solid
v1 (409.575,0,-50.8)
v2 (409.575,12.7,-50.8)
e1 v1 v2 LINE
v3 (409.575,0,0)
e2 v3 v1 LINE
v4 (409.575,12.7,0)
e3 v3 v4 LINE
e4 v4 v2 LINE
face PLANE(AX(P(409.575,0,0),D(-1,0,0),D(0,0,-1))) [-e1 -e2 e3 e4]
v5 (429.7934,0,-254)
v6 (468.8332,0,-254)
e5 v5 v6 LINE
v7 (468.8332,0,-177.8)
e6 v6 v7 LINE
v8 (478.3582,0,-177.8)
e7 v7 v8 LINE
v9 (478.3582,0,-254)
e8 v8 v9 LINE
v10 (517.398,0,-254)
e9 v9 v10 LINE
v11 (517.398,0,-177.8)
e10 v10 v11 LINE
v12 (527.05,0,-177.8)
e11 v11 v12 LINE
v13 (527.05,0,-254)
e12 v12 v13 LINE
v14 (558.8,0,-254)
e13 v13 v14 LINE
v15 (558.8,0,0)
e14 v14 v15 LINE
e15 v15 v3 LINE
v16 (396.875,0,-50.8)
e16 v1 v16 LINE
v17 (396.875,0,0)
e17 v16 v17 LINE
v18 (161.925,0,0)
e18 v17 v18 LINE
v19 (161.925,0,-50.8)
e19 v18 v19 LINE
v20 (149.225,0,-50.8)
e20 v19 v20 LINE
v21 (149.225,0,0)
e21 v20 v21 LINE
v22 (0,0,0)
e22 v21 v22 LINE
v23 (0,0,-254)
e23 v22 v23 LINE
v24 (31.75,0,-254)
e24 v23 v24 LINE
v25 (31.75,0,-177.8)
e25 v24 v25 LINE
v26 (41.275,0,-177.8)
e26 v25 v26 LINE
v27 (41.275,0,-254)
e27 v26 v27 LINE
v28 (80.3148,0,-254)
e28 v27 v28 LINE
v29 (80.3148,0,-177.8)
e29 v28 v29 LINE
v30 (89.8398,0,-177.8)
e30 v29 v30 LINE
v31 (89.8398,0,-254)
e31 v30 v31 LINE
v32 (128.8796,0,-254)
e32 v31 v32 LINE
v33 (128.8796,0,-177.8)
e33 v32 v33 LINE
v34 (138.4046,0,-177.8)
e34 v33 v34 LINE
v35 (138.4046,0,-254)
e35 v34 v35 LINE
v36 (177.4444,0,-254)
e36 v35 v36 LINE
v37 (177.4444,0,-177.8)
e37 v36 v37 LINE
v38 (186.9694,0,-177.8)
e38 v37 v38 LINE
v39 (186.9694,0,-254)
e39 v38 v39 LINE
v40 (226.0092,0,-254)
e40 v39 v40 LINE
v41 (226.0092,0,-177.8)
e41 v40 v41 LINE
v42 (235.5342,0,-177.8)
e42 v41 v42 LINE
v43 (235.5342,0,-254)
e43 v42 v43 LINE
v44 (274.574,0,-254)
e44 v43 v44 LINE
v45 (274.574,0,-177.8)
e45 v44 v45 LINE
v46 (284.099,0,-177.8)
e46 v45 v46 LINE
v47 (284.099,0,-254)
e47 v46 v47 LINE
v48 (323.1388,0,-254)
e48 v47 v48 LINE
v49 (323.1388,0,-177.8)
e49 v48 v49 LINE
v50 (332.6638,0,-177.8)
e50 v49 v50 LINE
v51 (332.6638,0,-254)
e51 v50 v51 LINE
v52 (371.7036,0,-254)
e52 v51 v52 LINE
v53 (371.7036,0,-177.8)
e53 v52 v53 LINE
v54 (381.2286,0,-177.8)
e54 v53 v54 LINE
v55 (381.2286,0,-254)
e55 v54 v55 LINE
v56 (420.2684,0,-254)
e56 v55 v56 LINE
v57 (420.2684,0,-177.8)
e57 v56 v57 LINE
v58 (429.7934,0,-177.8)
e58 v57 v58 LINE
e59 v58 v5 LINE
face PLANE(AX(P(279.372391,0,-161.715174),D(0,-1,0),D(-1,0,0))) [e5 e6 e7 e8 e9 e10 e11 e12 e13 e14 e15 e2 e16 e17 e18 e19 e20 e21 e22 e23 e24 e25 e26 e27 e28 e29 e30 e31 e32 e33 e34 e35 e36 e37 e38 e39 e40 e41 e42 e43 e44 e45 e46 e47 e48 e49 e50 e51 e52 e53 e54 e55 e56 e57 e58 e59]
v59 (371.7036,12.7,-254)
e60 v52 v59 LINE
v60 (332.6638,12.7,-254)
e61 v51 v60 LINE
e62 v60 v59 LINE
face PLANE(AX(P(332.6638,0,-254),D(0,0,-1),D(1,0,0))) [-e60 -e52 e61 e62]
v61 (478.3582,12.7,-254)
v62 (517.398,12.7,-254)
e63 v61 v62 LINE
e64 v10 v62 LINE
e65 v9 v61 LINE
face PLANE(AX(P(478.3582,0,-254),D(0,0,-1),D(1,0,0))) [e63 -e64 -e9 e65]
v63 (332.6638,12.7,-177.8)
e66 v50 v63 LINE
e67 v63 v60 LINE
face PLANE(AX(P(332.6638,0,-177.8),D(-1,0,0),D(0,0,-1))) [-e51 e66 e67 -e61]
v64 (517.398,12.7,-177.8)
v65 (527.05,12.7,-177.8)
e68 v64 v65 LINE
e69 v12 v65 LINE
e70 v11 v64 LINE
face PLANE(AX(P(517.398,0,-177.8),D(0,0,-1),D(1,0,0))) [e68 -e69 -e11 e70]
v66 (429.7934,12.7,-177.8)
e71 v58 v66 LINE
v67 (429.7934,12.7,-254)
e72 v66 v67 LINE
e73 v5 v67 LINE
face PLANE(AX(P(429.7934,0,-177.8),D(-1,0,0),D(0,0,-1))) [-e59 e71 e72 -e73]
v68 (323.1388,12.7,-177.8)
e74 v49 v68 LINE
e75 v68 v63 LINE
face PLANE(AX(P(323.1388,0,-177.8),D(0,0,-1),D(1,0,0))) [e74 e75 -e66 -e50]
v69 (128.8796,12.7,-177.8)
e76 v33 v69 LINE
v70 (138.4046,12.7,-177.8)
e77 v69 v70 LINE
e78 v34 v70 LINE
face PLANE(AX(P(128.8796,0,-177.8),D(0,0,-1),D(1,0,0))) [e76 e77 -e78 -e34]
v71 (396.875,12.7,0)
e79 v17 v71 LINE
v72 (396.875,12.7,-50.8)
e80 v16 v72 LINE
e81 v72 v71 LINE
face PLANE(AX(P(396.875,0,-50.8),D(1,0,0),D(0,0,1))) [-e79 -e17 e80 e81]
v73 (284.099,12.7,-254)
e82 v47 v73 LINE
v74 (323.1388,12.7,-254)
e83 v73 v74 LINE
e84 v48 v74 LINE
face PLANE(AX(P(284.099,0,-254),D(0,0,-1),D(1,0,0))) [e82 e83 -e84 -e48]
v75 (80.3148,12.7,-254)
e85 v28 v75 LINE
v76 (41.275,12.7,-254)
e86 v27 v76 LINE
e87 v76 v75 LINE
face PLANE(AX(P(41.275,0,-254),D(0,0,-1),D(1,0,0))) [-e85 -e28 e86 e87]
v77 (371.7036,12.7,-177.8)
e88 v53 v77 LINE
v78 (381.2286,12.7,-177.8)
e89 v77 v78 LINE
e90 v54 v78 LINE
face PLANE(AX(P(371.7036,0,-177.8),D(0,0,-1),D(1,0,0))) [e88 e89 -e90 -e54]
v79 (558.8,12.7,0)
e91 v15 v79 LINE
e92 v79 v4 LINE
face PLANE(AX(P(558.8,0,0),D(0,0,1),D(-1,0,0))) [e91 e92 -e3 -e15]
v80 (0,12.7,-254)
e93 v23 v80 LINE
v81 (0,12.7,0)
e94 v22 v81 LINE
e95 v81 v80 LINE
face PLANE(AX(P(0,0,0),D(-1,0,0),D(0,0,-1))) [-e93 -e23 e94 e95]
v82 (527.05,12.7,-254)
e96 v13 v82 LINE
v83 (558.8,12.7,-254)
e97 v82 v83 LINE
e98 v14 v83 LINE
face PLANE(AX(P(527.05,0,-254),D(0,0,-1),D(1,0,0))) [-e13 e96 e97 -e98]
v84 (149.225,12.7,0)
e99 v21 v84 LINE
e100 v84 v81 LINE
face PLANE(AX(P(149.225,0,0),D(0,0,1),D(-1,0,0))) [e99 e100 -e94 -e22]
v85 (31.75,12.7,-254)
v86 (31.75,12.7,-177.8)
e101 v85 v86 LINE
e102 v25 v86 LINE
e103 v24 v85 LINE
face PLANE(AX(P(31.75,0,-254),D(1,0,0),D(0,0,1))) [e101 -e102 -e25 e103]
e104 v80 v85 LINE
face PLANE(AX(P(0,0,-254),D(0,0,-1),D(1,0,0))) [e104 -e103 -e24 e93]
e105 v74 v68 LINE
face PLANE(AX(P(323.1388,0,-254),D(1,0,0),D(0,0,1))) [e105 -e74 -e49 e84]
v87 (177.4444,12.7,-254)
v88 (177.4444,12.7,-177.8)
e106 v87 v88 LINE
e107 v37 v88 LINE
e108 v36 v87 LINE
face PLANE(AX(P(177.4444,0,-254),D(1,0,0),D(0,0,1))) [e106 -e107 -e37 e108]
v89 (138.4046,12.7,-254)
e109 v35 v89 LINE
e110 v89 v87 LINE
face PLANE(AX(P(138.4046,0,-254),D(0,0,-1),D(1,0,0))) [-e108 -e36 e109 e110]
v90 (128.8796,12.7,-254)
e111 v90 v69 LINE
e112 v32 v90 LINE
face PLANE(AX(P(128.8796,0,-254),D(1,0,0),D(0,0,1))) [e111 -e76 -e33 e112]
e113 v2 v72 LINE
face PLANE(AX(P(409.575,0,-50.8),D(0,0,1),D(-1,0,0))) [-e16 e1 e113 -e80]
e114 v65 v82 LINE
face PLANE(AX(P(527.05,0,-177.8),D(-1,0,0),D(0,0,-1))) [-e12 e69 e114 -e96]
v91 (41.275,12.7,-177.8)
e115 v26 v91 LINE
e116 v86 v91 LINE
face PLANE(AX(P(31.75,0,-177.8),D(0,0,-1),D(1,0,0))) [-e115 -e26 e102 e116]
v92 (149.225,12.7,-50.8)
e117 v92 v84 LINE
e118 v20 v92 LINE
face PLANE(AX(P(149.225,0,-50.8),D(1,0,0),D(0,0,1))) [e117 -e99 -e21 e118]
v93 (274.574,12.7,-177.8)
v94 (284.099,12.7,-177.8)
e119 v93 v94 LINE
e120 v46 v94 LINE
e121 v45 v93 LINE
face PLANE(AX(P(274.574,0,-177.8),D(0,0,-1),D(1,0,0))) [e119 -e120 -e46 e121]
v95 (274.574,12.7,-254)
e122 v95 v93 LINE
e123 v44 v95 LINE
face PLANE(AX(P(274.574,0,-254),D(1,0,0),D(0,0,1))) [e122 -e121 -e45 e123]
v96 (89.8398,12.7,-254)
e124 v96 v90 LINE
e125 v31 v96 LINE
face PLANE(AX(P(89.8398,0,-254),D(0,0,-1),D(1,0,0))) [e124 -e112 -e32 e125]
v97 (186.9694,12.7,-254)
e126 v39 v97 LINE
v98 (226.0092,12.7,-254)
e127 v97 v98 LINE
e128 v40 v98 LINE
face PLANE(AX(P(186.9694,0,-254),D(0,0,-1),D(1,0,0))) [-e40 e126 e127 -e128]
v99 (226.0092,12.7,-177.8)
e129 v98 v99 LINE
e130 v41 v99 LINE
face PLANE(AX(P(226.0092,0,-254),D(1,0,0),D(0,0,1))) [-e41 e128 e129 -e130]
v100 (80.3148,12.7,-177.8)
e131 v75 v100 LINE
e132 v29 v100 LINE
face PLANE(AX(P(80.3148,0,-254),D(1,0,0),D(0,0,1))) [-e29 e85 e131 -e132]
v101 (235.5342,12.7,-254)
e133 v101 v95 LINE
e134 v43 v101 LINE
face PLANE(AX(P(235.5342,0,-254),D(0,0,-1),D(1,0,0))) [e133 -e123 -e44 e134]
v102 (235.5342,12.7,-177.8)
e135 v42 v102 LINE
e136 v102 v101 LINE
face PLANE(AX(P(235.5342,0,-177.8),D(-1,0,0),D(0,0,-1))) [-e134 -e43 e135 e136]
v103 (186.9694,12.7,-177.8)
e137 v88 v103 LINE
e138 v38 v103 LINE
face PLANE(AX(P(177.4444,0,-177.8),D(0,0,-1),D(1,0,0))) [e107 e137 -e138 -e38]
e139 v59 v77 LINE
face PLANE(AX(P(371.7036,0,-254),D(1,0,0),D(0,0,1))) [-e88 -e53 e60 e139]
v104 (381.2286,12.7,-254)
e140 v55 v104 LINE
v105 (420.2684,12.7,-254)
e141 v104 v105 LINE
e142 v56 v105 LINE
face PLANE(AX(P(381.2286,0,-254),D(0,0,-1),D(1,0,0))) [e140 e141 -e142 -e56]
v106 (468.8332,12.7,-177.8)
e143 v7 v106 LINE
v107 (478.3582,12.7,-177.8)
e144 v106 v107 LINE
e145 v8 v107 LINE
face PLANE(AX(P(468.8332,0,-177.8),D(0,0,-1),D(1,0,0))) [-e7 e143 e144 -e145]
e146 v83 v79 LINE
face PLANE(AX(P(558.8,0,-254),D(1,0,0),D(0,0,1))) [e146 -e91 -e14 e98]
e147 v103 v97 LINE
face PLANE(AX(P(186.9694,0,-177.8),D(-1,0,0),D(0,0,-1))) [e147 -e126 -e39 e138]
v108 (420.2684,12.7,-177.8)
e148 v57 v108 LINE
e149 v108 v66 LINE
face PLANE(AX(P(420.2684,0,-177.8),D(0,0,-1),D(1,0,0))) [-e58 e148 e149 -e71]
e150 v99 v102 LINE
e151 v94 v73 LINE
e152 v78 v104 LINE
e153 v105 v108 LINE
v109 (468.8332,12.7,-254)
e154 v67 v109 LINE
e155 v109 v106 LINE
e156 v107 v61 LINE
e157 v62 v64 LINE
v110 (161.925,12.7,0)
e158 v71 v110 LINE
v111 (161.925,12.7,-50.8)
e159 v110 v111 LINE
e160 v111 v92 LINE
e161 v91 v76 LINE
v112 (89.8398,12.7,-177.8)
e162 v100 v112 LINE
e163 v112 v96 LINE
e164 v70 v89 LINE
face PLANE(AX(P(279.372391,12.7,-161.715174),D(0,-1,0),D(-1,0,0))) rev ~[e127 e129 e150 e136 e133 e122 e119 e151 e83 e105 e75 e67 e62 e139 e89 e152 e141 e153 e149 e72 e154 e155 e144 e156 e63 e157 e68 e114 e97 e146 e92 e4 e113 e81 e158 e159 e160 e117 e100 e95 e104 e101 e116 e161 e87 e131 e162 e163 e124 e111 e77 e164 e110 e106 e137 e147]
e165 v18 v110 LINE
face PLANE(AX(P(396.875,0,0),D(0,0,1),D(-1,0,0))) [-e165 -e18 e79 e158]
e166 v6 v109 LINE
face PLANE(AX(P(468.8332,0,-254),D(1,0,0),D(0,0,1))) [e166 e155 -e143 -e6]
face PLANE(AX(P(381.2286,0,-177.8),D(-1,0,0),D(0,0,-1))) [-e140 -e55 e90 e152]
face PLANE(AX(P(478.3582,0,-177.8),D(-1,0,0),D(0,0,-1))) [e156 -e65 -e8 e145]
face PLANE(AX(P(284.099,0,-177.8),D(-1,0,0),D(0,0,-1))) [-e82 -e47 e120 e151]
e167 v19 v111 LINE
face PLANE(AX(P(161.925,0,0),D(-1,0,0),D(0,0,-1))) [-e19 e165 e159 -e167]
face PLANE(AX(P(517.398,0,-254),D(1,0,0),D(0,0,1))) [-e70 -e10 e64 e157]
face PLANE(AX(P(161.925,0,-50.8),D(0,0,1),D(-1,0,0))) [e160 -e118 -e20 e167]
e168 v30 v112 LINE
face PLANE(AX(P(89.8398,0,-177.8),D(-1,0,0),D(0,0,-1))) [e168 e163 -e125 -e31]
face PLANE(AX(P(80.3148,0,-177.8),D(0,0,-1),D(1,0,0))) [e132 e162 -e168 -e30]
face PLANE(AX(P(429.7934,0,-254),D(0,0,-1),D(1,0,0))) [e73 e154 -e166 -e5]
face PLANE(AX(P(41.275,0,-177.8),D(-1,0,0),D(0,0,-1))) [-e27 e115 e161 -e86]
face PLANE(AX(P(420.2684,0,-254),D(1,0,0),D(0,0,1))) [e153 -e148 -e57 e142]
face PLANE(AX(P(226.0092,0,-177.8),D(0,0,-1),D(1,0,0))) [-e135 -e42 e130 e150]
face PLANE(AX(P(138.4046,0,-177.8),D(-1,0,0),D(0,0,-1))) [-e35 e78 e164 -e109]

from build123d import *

# Parameters (mm, degrees)
BOSS_EXTRUDE1_DEPTH = 12.7


with BuildPart() as part:
    # Sketch1 → Boss-Extrude1 (new body)
    with BuildSketch(Plane(origin=(0, 0, 0), x_dir=(1, 0, 0), z_dir=(0, 1, 0))):
        Polygon((0, 0), (0, 254), (31.75, 254), (31.75, 177.8), (41.275, 177.8), (41.275, 254), (80.3148, 254), (80.3148, 177.8), (89.8398, 177.8), (89.8398, 254), (128.8796, 254), (128.8796, 177.8), (138.4046, 177.8), (138.4046, 254), (177.4444, 254), (177.4444, 177.8), (186.9694, 177.8), (186.9694, 254), (226.0092, 254), (226.0092, 177.8), (235.5342, 177.8), (235.5342, 254), (274.574, 254), (274.574, 177.8), (284.099, 177.8), (284.099, 254), (323.1388, 254), (323.1388, 177.8), (332.6638, 177.8), (332.6638, 254), (371.7036, 254), (371.7036, 177.8), (381.2286, 177.8), (381.2286, 254), (420.2684, 254), (420.2684, 177.8), (429.7934, 177.8), (429.7934, 254), (468.8332, 254), (468.8332, 177.8), (478.3582, 177.8), (478.3582, 254), (517.398, 254), (517.398, 177.8), (527.05, 177.8), (527.05, 254), (558.8, 254), (558.8, 0), (409.575, 0), (409.575, 50.8), (396.875, 50.8), (396.875, 0), (161.925, 0), (161.925, 50.8), (149.225, 50.8), (149.225, 0), align=None)
    extrude(amount=BOSS_EXTRUDE1_DEPTH)


solid = part.part
